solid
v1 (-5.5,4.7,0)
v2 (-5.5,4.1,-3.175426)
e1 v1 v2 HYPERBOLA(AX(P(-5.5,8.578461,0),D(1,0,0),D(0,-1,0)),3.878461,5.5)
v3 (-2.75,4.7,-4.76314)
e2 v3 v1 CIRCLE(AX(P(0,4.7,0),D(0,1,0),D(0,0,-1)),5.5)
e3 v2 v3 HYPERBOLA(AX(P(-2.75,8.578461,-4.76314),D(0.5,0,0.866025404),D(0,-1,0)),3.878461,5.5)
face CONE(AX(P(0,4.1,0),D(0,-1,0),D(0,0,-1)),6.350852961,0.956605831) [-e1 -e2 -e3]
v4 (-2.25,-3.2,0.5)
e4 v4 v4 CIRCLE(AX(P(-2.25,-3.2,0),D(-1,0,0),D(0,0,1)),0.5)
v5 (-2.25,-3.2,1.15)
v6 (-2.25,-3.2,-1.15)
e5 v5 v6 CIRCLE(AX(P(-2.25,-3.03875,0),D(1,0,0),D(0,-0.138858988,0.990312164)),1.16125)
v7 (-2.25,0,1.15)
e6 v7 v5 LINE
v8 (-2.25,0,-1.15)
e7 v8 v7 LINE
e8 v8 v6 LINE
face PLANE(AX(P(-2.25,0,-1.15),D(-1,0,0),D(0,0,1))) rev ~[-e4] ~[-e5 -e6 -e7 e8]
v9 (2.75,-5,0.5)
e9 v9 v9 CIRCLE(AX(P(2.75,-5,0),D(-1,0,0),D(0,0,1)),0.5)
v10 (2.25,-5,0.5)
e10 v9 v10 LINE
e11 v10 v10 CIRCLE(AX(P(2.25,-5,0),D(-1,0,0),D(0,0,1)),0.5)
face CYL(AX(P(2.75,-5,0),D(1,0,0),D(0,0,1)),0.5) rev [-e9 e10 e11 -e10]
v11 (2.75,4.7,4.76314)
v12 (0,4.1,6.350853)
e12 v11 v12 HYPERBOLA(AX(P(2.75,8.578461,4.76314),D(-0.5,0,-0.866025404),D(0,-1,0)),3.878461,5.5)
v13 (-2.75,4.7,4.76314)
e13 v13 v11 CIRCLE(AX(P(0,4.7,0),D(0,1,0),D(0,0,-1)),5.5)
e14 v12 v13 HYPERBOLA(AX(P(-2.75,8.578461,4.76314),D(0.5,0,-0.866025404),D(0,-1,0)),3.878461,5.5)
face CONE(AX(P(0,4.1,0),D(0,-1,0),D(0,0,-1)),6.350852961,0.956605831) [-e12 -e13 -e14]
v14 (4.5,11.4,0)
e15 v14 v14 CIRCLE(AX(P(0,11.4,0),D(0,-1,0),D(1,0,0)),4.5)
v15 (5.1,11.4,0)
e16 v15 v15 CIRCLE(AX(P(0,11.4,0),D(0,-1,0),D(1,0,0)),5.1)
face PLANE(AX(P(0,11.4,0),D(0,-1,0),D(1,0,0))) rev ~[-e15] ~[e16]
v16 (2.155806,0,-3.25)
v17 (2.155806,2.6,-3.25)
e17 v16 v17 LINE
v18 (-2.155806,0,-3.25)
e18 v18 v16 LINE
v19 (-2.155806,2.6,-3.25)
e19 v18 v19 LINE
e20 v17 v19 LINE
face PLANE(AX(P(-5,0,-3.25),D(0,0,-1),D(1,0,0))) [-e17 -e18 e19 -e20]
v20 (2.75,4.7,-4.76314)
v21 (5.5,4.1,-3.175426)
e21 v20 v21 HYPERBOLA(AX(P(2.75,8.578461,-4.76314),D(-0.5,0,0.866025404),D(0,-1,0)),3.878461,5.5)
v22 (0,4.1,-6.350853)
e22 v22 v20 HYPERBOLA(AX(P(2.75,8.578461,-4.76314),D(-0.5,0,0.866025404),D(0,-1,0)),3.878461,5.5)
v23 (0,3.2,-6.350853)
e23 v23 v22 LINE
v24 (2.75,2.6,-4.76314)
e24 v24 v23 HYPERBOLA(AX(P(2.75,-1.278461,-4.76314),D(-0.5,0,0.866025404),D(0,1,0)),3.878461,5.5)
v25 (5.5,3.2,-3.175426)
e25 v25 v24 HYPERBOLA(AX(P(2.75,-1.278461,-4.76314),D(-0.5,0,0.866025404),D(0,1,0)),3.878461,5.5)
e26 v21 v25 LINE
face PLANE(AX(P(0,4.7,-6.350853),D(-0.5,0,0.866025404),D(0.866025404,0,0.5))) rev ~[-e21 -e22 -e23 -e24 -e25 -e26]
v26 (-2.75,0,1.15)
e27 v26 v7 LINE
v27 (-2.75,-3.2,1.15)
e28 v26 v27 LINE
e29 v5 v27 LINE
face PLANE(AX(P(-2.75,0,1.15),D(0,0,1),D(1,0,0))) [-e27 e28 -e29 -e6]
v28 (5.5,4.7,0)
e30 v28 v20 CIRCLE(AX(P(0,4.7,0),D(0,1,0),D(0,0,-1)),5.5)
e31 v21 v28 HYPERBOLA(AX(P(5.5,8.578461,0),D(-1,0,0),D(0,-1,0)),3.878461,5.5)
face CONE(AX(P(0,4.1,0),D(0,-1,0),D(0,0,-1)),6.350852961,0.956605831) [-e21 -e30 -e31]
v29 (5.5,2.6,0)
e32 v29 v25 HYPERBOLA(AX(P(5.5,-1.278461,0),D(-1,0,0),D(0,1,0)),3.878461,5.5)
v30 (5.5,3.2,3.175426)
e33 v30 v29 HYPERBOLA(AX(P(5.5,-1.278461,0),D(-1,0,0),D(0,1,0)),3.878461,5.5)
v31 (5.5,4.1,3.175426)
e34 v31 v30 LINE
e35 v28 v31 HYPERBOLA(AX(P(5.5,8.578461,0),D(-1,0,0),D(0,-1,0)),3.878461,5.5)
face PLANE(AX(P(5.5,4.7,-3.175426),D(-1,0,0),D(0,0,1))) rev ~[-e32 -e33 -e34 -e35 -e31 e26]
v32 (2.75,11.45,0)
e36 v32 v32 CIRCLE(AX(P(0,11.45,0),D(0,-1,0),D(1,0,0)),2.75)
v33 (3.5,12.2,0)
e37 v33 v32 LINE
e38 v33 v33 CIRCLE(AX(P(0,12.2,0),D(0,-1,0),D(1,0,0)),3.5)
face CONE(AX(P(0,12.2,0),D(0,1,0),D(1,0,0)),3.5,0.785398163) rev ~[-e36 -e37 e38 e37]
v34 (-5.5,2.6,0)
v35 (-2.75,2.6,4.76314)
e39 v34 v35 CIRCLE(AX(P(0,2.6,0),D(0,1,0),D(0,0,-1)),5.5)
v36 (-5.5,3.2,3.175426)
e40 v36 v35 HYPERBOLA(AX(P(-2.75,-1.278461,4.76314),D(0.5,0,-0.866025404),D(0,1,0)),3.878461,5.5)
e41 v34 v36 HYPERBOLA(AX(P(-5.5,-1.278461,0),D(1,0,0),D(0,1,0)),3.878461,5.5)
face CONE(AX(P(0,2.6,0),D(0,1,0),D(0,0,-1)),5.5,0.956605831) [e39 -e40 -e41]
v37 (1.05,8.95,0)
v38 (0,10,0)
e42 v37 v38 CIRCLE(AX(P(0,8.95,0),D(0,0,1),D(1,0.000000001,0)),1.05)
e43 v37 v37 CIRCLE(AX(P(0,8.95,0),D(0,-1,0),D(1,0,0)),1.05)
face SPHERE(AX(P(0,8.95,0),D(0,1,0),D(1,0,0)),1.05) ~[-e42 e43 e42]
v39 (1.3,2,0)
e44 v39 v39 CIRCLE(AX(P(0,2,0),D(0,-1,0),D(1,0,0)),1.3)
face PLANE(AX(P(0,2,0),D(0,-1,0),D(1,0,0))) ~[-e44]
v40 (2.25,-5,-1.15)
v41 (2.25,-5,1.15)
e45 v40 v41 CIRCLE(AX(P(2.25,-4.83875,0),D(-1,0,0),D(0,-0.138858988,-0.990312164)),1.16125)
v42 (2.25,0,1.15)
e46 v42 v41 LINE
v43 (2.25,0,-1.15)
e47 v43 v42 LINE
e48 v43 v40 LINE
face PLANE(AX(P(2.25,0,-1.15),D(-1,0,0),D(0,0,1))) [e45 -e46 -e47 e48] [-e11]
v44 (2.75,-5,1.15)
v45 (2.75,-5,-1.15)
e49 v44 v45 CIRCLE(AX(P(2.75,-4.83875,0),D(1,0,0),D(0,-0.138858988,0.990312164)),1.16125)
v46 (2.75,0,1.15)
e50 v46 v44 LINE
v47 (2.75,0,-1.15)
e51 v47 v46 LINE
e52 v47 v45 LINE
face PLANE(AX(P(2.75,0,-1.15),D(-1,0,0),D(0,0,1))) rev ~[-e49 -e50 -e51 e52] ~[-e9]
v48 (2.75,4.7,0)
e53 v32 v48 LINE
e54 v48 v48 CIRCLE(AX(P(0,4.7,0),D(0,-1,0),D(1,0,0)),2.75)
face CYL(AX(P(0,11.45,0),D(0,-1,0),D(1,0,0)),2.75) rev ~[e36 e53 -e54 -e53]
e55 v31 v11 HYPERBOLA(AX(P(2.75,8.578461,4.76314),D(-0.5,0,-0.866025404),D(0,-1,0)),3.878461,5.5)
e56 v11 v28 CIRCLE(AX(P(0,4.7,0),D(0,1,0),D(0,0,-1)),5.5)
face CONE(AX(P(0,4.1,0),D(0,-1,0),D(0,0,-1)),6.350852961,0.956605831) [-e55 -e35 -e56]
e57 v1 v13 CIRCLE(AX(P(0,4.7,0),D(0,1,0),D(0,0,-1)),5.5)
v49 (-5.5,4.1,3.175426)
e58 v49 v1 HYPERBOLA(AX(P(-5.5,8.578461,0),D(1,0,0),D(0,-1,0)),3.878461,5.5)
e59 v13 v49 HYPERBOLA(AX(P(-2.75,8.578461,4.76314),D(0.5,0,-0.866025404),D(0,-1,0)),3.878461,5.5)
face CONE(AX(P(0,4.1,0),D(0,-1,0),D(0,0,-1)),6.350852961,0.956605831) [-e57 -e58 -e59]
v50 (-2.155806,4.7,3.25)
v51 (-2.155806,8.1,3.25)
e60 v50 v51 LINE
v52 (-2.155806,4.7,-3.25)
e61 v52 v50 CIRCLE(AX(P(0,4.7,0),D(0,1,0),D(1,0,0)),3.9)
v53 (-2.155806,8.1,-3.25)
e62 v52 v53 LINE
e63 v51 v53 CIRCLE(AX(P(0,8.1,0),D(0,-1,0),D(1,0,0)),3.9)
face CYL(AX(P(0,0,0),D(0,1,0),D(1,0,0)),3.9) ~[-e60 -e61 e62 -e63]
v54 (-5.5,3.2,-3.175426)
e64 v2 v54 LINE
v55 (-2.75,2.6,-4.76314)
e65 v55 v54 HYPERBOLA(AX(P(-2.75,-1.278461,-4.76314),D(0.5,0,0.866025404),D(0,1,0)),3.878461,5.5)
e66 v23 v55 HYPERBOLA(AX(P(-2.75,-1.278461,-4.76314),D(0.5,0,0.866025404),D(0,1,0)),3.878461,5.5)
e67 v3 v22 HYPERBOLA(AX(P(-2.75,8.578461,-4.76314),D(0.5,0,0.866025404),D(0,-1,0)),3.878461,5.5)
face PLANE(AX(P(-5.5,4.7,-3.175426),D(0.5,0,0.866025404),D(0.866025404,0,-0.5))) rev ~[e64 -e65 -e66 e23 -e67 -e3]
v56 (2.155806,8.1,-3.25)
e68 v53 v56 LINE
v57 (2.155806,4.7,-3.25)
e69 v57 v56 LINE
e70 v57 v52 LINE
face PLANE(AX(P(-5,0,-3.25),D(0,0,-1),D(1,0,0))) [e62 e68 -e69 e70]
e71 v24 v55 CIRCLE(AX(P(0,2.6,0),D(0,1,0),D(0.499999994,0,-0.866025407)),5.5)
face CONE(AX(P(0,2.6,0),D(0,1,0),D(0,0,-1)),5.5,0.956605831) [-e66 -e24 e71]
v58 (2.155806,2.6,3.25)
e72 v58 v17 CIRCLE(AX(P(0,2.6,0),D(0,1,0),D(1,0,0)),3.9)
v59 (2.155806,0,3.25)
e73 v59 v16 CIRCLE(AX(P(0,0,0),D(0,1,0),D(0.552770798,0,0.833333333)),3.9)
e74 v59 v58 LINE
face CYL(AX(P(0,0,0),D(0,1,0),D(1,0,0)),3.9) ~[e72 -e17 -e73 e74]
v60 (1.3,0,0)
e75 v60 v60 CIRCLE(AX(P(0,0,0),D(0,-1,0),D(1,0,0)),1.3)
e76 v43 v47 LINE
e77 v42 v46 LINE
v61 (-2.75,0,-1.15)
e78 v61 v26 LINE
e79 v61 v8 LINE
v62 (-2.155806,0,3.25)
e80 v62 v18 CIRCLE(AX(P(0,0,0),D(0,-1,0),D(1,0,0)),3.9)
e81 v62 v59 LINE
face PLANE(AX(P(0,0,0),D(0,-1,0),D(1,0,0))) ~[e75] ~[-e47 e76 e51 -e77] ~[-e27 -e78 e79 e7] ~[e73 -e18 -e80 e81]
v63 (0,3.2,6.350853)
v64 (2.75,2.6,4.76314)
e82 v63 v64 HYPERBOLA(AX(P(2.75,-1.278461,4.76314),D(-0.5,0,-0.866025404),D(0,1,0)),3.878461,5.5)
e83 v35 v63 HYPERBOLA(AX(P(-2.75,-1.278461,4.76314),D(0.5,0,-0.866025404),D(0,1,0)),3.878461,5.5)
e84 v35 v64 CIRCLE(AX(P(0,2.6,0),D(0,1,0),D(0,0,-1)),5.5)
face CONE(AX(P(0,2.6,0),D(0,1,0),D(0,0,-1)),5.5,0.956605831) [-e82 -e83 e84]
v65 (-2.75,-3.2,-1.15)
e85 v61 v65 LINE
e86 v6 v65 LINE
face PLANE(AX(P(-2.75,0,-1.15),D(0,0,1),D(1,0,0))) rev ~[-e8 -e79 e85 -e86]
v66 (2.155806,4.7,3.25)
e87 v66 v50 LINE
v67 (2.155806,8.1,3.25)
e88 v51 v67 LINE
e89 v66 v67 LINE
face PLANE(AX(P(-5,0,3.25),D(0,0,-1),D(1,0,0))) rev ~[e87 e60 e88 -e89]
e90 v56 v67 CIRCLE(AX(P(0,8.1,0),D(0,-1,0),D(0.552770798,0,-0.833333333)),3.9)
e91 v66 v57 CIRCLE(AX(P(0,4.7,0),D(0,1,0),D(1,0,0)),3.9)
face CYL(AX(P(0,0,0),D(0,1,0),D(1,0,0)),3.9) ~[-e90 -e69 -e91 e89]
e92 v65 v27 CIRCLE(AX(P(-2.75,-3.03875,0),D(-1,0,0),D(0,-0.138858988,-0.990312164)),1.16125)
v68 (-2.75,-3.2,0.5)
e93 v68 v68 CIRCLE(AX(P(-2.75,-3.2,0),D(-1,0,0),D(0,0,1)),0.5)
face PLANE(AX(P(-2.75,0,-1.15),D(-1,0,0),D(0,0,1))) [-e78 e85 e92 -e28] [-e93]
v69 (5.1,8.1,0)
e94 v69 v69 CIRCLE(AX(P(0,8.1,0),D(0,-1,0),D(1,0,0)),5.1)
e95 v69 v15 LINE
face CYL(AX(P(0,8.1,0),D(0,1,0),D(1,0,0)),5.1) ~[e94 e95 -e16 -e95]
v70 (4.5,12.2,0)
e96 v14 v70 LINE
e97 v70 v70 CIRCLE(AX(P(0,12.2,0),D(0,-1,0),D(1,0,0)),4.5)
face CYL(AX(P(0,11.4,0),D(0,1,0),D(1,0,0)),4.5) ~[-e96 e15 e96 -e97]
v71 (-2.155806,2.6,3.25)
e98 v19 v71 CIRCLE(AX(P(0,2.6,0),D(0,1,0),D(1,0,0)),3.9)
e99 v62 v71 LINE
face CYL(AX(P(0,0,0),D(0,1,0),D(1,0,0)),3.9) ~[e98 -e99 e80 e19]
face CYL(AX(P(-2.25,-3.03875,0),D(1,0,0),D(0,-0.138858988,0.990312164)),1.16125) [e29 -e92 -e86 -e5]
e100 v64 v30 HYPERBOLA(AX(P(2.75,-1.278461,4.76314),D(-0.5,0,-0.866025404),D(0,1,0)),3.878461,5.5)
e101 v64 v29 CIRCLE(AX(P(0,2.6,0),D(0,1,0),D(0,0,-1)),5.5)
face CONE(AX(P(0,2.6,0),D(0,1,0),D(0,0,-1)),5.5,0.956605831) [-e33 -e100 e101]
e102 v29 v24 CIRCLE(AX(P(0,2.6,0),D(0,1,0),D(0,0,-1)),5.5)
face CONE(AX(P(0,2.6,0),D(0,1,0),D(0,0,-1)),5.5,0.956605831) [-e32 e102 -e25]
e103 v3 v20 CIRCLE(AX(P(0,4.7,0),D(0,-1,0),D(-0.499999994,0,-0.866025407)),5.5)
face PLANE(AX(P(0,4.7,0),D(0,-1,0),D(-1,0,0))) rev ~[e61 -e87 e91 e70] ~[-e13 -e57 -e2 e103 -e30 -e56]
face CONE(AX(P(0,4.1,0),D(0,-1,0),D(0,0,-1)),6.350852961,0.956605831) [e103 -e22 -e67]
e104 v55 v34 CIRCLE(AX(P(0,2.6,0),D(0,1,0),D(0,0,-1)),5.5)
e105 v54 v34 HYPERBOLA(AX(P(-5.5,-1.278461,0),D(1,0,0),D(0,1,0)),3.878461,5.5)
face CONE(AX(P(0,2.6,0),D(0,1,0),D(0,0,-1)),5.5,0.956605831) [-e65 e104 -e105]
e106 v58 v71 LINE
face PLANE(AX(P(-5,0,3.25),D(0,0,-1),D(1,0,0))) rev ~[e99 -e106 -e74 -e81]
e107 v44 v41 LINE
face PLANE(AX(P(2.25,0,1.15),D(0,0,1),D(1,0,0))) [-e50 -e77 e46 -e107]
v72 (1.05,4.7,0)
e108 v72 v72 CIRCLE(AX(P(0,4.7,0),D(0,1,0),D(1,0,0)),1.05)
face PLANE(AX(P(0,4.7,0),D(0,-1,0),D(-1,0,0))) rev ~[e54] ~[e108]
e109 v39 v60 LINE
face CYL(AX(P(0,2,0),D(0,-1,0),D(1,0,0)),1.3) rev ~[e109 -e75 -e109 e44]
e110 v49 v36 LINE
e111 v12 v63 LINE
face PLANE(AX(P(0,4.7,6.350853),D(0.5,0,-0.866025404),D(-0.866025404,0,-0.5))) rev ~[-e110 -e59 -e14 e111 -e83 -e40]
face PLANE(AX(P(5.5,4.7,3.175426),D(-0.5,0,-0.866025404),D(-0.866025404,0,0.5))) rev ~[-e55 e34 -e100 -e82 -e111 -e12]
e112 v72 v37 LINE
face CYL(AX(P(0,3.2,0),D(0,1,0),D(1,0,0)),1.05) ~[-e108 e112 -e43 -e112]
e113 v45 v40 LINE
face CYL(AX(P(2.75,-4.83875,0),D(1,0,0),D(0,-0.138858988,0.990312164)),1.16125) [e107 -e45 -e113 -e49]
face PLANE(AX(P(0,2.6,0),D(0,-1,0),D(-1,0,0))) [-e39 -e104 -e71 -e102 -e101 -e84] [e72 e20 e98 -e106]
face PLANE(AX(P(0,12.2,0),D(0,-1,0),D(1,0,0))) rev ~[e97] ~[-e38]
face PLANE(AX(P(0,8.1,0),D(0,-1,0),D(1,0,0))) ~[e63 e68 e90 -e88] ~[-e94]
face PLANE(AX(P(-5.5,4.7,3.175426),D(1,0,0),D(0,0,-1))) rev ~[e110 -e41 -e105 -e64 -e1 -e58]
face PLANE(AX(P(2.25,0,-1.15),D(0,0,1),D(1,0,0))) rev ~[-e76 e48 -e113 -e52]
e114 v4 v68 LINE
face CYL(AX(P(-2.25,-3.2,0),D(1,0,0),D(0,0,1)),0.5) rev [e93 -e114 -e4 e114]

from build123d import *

# Parameters (mm, degrees)
SKETCH2_W           = 0.5
SKETCH2_H           = 2.3
BOSS_EXTRUDE1_DEPTH = 6
CUT_EXTRUDE1_REACH  = 9.85
SKETCH3_W           = 2.3
SKETCH3_H           = 1.8
CUT_EXTRUDE2_START  = -0.5
SKETCH4_R           = 0.5
CUT_EXTRUDE2_DEPTH  = 0.5
CUT_EXTRUDE3_START  = -0.5
SKETCH5_R           = 0.5
CUT_EXTRUDE3_DEPTH  = 0.5
SKETCH6_W           = 10
SKETCH6_H           = 10
CUT_EXTRUDE4_DEPTH  = 8.1
BOSS_EXTRUDE2_DEPTH = 2.1


with BuildPart() as part:
    # Sketch1 → Revolve1 (revolve)
    with BuildSketch(Plane.XY):
        with BuildLine():
            Line((3.9, 0), (3.9, 8.1))
            Line((3.9, 8.1), (5.1, 8.1))
            Line((5.1, 8.1), (5.1, 11.4))
            Line((5.1, 11.4), (4.5, 11.4))
            Line((4.5, 11.4), (4.5, 12.2))
            Line((4.5, 12.2), (3.5, 12.2))
            Line((3.5, 12.2), (2.75, 11.45))
            Line((2.75, 11.45), (2.75, 3.2))
            Line((2.75, 3.2), (1.05, 3.2))
            Line((1.05, 3.2), (1.05, 8.95))
            ThreePointArc((1.05, 8.95), (0.74246212, 9.69246212), (0, 10))
            Line((0, 10), (0, 2))
            Line((0, 2), (1.3, 2))
            Line((1.3, 2), (1.3, 0))
            Line((1.3, 0), (3.9, 0))
        make_face()
    revolve(axis=Axis((0, 10, 0), (0, -1, 0)))

    # Sketch2 → Boss-Extrude1 (add)
    with BuildSketch(Plane.XZ):
        with Locations((2.5, 0)):
            Rectangle(SKETCH2_W, SKETCH2_H)
        with Locations((-2.5, 0)):
            Rectangle(SKETCH2_W, SKETCH2_H)
    extrude(amount=BOSS_EXTRUDE1_DEPTH)

    # Sketch3 → Cut-Extrude1 (cut, up to next)
    with BuildSketch(Plane.ZY.offset(2.75), mode=Mode.PRIVATE) as cut_extrude1_sk1:
        with Locations((0, -5.1)):
            Rectangle(SKETCH3_W, SKETCH3_H)
    cut_extrude1_tool1 = extrude(cut_extrude1_sk1.sketch, amount=-CUT_EXTRUDE1_REACH, mode=Mode.PRIVATE) & part.part
    add(cut_extrude1_tool1.solids().sort_by_distance((-2.75, -5.1, 0))[0], mode=Mode.SUBTRACT)

    # Sketch4 → Cut-Extrude2 (cut)
    with BuildSketch(Plane.ZY.offset(2.75).offset(CUT_EXTRUDE2_START)):
        with Locations((0, -3.2)):
            Circle(SKETCH4_R)
        with BuildLine():
            Line((-1.15, -3.2), (-1.15, -4.4))
            Line((-1.15, -4.4), (1.15, -4.4))
            Line((1.15, -4.4), (1.15, -3.2))
            ThreePointArc((1.15, -3.2), (0, -4.2), (-1.15, -3.2))
        make_face()
    extrude(amount=CUT_EXTRUDE2_DEPTH, mode=Mode.SUBTRACT)

    # Sketch5 → Cut-Extrude3 (cut)
    with BuildSketch(Plane.ZY.offset(-2.25).offset(CUT_EXTRUDE3_START)):
        with Locations((0, -5)):
            Circle(SKETCH5_R)
        with BuildLine():
            Line((-1.15, -5), (-1.15, -6.5))
            Line((-1.15, -6.5), (1.15, -6.5))
            Line((1.15, -6.5), (1.15, -5))
            ThreePointArc((1.15, -5), (0, -6), (-1.15, -5))
        make_face()
    extrude(amount=CUT_EXTRUDE3_DEPTH, mode=Mode.SUBTRACT)

    # Sketch6 → Cut-Extrude4 (cut)
    with BuildSketch(Plane.XZ):
        with Locations((0, 8.25)):
            Rectangle(SKETCH6_W, SKETCH6_H)
        with Locations((0, -8.25)):
            Rectangle(SKETCH6_W, SKETCH6_H)
    extrude(amount=-CUT_EXTRUDE4_DEPTH, mode=Mode.SUBTRACT)

    # Sketch7 → Boss-Extrude2 (add)
    with BuildSketch(Plane(origin=(0, 4.7, 0), x_dir=(-1, 0, 0), z_dir=(0, -1, 0))):
        Polygon((0, 6.350852961), (-5.5, 3.175426481), (-5.5, -3.175426481), (0, -6.350852961), (5.5, -3.175426481), (5.5, 3.175426481), align=None)
    extrude(amount=BOSS_EXTRUDE2_DEPTH)

    # Sketch9 → Cut-Revolve1 (revolve, cut)
    with BuildSketch(Plane(origin=(0, 0, 0), x_dir=(0, 0, -1), z_dir=(1, 0, 0))):
        Polygon((6.350852961, 4.1), (5.5, 4.7), (8.5, 4.7), (8.5, 2.6), (5.5, 2.6), (6.350852961, 3.2), align=None)
    revolve(axis=Axis((0, 0, 0), (0, 1, 0)), mode=Mode.SUBTRACT)


solid = part.part
